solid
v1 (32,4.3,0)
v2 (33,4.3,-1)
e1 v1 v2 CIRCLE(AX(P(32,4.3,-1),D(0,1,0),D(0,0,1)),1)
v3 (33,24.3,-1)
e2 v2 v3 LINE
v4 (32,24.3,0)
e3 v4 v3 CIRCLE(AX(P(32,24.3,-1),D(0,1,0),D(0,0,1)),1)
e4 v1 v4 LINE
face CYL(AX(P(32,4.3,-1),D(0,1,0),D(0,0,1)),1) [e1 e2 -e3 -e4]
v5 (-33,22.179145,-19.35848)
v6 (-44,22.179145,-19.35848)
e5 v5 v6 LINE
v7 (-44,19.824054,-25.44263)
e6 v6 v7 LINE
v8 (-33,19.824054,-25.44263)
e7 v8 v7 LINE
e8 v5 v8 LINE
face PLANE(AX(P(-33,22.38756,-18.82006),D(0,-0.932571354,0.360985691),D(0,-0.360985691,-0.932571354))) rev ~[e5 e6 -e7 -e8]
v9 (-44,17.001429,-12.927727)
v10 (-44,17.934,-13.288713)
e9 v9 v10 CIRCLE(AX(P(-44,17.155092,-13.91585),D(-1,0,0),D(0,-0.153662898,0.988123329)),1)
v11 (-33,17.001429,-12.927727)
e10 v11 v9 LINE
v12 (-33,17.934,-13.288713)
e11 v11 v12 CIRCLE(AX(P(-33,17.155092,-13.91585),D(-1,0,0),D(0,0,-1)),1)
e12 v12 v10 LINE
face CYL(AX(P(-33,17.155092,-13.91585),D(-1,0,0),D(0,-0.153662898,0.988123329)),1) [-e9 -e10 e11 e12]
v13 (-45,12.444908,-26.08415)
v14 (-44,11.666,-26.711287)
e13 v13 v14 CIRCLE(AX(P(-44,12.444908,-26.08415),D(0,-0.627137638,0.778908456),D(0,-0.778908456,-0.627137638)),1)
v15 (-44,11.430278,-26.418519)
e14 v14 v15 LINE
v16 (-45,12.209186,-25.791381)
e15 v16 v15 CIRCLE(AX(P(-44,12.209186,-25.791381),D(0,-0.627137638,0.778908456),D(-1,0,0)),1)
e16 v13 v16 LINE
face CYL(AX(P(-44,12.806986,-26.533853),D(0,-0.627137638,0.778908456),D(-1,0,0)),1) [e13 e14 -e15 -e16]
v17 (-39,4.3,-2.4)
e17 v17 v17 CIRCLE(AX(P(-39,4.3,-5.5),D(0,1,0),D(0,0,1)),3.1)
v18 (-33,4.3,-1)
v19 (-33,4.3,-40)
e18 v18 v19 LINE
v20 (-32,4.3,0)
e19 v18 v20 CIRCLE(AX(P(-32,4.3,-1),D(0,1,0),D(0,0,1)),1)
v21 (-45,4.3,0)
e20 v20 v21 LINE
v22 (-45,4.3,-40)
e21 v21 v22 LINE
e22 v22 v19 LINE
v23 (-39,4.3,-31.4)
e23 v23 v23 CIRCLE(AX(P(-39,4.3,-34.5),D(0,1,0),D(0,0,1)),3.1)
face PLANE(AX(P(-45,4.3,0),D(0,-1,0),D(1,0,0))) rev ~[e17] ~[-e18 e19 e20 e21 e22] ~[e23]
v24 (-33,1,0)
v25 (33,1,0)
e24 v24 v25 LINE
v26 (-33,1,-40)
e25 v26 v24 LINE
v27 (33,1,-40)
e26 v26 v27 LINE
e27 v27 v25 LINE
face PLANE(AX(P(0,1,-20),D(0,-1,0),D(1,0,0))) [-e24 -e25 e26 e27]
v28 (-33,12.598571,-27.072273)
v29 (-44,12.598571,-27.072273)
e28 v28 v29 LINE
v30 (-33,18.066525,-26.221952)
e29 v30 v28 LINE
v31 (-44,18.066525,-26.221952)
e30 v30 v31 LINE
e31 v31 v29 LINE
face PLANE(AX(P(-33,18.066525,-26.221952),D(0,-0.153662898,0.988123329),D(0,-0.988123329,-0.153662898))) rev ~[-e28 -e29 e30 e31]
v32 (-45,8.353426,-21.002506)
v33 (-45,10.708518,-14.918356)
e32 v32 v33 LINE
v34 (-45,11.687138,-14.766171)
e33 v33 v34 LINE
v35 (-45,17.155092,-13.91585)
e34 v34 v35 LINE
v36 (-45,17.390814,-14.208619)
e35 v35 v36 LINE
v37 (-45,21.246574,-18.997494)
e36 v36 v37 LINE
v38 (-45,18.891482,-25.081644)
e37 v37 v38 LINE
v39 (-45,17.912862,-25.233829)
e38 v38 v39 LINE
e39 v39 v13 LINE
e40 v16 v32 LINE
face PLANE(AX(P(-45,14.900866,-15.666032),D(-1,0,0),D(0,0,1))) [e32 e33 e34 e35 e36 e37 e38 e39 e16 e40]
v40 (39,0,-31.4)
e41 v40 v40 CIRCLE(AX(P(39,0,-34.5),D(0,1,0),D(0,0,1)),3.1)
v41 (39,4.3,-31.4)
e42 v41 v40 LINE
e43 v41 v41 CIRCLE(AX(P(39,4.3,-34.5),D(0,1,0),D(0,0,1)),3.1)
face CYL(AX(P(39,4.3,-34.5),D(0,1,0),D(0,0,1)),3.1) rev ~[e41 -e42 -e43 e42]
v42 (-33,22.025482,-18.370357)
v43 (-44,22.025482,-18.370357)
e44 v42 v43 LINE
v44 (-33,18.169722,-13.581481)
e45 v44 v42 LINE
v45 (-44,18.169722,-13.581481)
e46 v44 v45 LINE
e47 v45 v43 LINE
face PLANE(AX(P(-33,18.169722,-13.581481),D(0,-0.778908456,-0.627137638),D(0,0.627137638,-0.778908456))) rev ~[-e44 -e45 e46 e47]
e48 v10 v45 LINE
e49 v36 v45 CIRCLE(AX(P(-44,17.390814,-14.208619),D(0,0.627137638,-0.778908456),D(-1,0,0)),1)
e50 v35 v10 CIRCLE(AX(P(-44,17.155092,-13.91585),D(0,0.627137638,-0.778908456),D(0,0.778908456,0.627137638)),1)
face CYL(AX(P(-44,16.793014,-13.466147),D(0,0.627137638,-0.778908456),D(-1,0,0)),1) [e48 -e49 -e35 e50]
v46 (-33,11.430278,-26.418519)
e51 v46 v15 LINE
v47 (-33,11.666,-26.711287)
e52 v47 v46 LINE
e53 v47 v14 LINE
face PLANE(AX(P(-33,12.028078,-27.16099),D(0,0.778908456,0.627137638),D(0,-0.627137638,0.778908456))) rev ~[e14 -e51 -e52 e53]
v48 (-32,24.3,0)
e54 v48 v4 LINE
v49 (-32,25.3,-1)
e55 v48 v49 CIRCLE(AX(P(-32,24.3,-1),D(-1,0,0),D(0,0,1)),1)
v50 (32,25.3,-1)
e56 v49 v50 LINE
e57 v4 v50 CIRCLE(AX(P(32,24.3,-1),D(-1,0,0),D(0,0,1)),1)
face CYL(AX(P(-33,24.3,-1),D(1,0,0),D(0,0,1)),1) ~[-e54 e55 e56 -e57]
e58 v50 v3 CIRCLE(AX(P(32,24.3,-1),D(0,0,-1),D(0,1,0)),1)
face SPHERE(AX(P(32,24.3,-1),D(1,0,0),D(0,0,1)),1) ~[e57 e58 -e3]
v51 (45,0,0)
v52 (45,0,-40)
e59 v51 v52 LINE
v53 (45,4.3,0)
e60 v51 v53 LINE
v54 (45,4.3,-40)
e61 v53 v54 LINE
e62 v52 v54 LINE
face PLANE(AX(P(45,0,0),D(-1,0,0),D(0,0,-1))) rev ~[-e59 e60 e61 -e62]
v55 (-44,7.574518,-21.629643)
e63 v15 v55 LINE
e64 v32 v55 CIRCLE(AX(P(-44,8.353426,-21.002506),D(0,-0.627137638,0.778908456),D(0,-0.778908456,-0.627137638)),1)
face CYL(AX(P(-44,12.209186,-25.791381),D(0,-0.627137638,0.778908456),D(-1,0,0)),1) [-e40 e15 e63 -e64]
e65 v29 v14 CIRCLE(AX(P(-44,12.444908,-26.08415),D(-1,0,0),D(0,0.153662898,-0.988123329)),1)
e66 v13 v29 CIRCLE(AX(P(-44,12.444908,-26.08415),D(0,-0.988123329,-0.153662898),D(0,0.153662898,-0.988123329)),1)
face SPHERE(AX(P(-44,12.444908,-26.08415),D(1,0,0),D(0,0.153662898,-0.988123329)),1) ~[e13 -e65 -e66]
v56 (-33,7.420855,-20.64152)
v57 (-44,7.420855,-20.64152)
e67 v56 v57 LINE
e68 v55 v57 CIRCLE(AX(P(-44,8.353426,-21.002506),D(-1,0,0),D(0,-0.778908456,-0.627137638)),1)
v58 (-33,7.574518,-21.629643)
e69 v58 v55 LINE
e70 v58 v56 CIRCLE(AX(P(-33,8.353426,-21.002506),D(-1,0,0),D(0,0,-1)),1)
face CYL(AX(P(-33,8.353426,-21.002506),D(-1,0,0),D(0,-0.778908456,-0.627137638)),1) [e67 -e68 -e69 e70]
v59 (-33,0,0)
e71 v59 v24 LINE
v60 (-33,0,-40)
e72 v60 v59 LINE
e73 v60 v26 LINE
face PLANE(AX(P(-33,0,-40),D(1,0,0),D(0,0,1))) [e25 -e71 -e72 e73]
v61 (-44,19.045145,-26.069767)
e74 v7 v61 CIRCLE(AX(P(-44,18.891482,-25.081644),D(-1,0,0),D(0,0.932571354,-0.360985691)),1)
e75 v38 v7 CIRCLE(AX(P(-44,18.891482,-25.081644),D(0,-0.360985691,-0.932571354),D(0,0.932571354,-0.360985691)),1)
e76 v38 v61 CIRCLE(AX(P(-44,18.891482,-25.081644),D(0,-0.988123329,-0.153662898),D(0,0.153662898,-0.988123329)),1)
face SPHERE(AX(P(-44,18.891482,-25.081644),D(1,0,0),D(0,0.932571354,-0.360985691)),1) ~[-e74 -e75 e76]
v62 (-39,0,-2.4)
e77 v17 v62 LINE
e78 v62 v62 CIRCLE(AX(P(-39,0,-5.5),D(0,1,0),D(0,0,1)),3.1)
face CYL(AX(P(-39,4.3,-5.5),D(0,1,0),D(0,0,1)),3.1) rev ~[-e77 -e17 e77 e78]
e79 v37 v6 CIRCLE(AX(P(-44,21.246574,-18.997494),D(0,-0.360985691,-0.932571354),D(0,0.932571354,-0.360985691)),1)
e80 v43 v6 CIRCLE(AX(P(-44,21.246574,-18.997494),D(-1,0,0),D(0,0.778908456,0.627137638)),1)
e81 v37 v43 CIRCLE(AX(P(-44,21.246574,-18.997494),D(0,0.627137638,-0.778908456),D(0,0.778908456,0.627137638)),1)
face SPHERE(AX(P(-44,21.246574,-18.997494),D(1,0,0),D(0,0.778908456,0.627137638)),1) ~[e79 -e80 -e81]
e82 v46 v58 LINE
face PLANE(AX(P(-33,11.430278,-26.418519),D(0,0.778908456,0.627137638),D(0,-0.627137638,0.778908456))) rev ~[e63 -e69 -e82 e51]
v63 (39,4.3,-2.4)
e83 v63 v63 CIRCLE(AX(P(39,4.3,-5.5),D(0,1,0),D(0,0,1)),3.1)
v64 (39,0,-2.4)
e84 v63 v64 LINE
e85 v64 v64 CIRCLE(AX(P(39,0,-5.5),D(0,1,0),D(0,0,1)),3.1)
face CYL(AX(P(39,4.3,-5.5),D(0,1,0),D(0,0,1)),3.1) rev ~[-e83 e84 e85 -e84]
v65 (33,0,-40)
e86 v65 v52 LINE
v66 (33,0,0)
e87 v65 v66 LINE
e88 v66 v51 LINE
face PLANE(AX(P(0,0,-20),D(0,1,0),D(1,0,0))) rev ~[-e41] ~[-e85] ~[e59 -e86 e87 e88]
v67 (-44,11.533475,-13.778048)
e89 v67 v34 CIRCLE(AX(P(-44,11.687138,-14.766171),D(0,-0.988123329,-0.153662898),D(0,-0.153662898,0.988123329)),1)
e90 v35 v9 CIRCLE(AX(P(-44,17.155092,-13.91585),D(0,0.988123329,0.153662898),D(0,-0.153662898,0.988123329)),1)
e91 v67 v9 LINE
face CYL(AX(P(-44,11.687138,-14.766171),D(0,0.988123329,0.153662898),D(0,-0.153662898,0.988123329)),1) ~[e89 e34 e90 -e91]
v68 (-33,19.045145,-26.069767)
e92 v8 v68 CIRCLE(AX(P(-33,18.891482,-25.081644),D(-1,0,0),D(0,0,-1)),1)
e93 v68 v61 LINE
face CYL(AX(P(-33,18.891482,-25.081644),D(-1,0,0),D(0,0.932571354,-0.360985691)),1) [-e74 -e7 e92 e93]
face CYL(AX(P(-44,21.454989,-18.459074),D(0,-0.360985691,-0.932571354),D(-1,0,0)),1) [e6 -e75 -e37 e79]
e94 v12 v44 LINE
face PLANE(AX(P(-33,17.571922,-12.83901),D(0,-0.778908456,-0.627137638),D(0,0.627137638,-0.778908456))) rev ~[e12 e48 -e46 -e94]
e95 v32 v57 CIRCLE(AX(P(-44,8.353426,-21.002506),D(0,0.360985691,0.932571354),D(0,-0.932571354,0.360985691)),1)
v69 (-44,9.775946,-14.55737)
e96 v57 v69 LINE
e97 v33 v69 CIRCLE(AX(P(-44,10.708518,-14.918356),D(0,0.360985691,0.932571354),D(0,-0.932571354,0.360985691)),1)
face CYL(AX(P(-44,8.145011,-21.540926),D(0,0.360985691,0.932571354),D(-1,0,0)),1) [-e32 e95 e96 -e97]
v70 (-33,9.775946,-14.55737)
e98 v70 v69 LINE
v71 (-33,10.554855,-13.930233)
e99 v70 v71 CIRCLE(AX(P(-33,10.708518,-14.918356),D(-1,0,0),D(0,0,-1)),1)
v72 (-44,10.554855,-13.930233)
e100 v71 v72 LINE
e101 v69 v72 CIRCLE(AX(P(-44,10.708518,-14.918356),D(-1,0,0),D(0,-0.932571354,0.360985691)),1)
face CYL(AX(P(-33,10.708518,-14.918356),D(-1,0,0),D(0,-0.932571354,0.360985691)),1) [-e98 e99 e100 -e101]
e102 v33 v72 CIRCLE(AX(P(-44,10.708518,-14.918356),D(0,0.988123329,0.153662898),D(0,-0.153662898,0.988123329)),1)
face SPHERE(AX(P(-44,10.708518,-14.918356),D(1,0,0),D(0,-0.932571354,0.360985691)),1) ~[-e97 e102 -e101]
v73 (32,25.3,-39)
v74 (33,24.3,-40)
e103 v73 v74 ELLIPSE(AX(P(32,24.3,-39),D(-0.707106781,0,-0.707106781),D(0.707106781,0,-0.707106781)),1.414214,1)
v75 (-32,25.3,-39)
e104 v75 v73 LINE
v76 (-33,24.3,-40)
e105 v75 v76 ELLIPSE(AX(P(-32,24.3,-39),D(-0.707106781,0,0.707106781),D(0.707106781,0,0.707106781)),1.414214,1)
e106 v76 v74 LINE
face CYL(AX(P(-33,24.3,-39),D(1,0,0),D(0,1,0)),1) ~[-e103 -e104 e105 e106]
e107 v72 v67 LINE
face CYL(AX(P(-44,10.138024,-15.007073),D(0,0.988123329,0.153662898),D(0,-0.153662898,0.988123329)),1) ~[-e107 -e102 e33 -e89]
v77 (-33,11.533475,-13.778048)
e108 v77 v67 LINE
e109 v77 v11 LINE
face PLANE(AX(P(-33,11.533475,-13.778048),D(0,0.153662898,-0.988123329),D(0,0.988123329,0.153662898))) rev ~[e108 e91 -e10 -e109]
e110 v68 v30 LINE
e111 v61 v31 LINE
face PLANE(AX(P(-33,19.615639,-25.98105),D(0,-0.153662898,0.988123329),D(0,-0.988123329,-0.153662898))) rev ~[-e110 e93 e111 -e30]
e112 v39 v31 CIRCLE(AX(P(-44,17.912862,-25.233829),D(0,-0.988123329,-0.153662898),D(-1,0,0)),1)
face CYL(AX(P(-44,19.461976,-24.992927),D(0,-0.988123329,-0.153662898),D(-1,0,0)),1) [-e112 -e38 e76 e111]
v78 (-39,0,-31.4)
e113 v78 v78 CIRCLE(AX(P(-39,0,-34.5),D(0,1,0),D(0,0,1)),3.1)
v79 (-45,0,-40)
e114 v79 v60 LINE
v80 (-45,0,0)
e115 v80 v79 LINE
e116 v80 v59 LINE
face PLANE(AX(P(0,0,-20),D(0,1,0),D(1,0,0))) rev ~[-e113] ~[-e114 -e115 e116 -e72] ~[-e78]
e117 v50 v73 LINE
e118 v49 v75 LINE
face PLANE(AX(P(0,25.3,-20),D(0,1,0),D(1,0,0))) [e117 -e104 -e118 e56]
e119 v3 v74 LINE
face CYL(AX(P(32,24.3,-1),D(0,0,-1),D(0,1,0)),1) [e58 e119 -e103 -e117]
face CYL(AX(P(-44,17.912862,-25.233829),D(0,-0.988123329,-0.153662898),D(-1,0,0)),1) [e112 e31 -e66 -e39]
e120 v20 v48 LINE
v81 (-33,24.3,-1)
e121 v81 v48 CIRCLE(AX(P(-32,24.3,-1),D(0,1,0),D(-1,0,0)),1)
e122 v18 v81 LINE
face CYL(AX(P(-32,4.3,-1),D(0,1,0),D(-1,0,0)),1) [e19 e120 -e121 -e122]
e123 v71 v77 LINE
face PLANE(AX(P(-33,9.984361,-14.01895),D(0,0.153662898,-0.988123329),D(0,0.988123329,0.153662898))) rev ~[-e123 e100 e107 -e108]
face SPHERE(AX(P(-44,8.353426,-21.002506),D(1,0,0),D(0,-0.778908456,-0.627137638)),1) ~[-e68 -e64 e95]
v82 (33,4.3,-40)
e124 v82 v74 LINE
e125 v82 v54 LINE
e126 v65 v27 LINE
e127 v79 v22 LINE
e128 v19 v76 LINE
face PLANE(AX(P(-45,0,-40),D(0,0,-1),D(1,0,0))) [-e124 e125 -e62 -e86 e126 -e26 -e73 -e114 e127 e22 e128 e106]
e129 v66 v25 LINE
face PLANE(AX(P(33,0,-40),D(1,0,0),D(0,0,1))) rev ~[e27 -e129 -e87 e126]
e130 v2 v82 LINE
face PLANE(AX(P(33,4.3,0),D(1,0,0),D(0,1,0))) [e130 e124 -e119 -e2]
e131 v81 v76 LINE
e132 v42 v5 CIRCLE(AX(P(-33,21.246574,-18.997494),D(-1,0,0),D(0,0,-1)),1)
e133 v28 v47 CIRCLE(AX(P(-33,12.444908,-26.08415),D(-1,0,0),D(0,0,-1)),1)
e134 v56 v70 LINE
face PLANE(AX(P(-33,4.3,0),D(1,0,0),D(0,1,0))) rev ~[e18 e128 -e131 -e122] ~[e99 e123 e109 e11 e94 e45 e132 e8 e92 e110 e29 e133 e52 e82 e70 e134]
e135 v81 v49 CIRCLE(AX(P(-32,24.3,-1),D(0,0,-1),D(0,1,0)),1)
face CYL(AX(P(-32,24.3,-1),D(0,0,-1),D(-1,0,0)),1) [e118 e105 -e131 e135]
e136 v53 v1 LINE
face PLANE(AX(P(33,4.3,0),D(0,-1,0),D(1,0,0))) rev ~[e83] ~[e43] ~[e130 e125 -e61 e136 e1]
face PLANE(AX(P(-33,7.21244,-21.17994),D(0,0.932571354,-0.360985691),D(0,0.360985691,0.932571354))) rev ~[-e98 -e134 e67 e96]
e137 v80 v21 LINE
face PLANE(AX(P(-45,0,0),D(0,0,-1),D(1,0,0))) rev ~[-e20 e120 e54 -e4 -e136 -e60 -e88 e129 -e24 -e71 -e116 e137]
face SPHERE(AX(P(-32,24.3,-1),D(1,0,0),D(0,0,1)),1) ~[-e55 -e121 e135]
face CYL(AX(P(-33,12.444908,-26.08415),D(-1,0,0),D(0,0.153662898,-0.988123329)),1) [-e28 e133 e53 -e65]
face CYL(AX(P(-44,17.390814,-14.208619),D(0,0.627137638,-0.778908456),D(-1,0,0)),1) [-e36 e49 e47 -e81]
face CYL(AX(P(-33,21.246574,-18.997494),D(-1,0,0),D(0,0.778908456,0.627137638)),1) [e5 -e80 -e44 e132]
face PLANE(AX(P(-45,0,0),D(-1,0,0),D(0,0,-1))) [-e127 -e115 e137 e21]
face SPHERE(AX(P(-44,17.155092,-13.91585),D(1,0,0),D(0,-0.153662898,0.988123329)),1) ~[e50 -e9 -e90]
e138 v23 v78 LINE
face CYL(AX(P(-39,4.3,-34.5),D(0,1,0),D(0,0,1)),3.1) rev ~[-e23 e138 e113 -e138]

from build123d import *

# Parameters (mm, degrees)
SKETCH_13_W         = 90
SKETCH_13_H         = 40
EXTRUDE_8_DEPTH     = 25.3
SKETCH_15_W         = 66
SKETCH_15_H         = 40
CUT_EXTRUDE_3_DEPTH = 1
SKETCH_17_W         = 12
SKETCH_17_H         = 21
CUT_EXTRUDE_4_DEPTH = 40
EXTRUDE_10_DEPTH    = 12
FILLET_1_R          = 1
FILLET_2_R          = 1
FILLET_3_R          = 1
CUT_EXTRUDE_5_REACH = 65.765
SKETCH_22_R         = 3.1


with BuildPart() as part:
    # 草图13 → 凸台-拉伸8 (new body)
    with BuildSketch(Plane(origin=(0, 0, 0), x_dir=(1, 0, 0), z_dir=(0, 1, 0))):
        with Locations((0, 20)):
            Rectangle(SKETCH_13_W, SKETCH_13_H)
    extrude(amount=EXTRUDE_8_DEPTH)

    # 草图15 → 切除-拉伸3 (cut)
    with BuildSketch(Plane.XZ):
        with Locations((0, -20)):
            Rectangle(SKETCH_15_W, SKETCH_15_H)
    extrude(amount=-CUT_EXTRUDE_3_DEPTH, mode=Mode.SUBTRACT)

    # 草图17 → 切除-拉伸4 (cut)
    with BuildSketch(Plane.XY):
        with Locations((-39, 14.8)):
            Rectangle(SKETCH_17_W, SKETCH_17_H)
        with Locations((39, 14.8)):
            Rectangle(SKETCH_17_W, SKETCH_17_H)
    extrude(amount=-CUT_EXTRUDE_4_DEPTH, mode=Mode.SUBTRACT)

    # 草图19 → 凸台-拉伸10 (add)
    with BuildSketch(Plane.ZY.offset(33)):
        Polygon((-13.58148117, 18.169722386), (-20, 14.8), (-13.778047619, 11.533475), (-12.839009712, 17.571921973), align=None)
        Polygon((-25.98104999, 19.61563852), (-26.221952381, 18.066525), (-20, 14.8), (-13.58148117, 18.169722386), (-18.820059701, 22.387560492), align=None)
        Polygon((-20, 14.8), (-26.221952381, 18.066525), (-27.160990288, 12.028078027), (-26.41851883, 11.430277614), align=None)
        Polygon((-13.778047619, 11.533475), (-20, 14.8), (-26.41851883, 11.430277614), (-21.179940299, 7.212439508), (-14.01895001, 9.98436148), align=None)
    extrude(amount=EXTRUDE_10_DEPTH)

    # 圆角1
    fillet_1_edges = [part.edges().sort_by_distance(p)[0] for p in [
        (0, 25.3, 0),
    ]]
    fillet(fillet_1_edges, radius=FILLET_1_R)

    # 圆角2
    fillet_2_edges = [part.edges().sort_by_distance(p)[0] for p in [
        (0, 25.3, -40),
        (-33, 25.3, -20.5),
        (-33, 14.3, 0),
        (33, 14.3, 0),
        (33, 25.3, -20.5),
        (33, 25.007106781, -0.292893219),
        (-33, 25.007106781, -0.292893219),
    ]]
    fillet(fillet_2_edges, radius=FILLET_2_R)

    # 圆角3
    fillet_3_edges = [part.edges().sort_by_distance(p)[0] for p in [
        (-45, 21.001599506, -22.400554846),
        (-39, 22.387560492, -18.820059701),
        (-45, 19.979741232, -15.829534706),
        (-39, 17.571921973, -12.839009712),
        (-45, 13.778141726, -13.428979861),
        (-39, 9.98436148, -14.01895001),
        (-45, 8.598400494, -17.599445154),
        (-39, 7.212439508, -21.179940299),
        (-45, 9.620258768, -24.170465294),
        (-39, 12.028078027, -27.160990288),
        (-45, 15.821858274, -26.571020139),
        (-39, 19.61563852, -25.98104999),
    ]]
    fillet(fillet_3_edges, radius=FILLET_3_R)

    # 草图22 → 切除-拉伸5 (cut, up to next)
    with BuildSketch(Plane(origin=(0, 4.3, 0), x_dir=(1, 0, 0), z_dir=(0, 1, 0)), mode=Mode.PRIVATE) as cut_extrude_5_sk1:
        with Locations(Location((-39, 5.5, 0), (0, 0, 270))):
            Circle(SKETCH_22_R)
    cut_extrude_5_tool1 = extrude(cut_extrude_5_sk1.sketch, amount=-CUT_EXTRUDE_5_REACH, mode=Mode.PRIVATE) & part.part
    # 草图22 → 切除-拉伸5 (cut, up to next)
    with BuildSketch(Plane(origin=(0, 4.3, 0), x_dir=(1, 0, 0), z_dir=(0, 1, 0)), mode=Mode.PRIVATE) as cut_extrude_5_sk2:
        with Locations(Location((39, 5.5, 0), (0, 0, 270))):
            Circle(SKETCH_22_R)
    cut_extrude_5_tool2 = extrude(cut_extrude_5_sk2.sketch, amount=-CUT_EXTRUDE_5_REACH, mode=Mode.PRIVATE) & part.part
    # 草图22 → 切除-拉伸5 (cut, up to next)
    with BuildSketch(Plane(origin=(0, 4.3, 0), x_dir=(1, 0, 0), z_dir=(0, 1, 0)), mode=Mode.PRIVATE) as cut_extrude_5_sk3:
        with Locations(Location((39, 34.5, 0), (0, 0, 270))):
            Circle(SKETCH_22_R)
    cut_extrude_5_tool3 = extrude(cut_extrude_5_sk3.sketch, amount=-CUT_EXTRUDE_5_REACH, mode=Mode.PRIVATE) & part.part
    # 草图22 → 切除-拉伸5 (cut, up to next)
    with BuildSketch(Plane(origin=(0, 4.3, 0), x_dir=(1, 0, 0), z_dir=(0, 1, 0)), mode=Mode.PRIVATE) as cut_extrude_5_sk4:
        with Locations(Location((-39, 34.5, 0), (0, 0, 270))):
            Circle(SKETCH_22_R)
    cut_extrude_5_tool4 = extrude(cut_extrude_5_sk4.sketch, amount=-CUT_EXTRUDE_5_REACH, mode=Mode.PRIVATE) & part.part
    add(cut_extrude_5_tool1.solids().sort_by_distance((-39, 4.3, -5.5))[0], mode=Mode.SUBTRACT)
    add(cut_extrude_5_tool2.solids().sort_by_distance((39, 4.3, -5.5))[0], mode=Mode.SUBTRACT)
    add(cut_extrude_5_tool3.solids().sort_by_distance((39, 4.3, -34.5))[0], mode=Mode.SUBTRACT)
    add(cut_extrude_5_tool4.solids().sort_by_distance((-39, 4.3, -34.5))[0], mode=Mode.SUBTRACT)


solid = part.part
